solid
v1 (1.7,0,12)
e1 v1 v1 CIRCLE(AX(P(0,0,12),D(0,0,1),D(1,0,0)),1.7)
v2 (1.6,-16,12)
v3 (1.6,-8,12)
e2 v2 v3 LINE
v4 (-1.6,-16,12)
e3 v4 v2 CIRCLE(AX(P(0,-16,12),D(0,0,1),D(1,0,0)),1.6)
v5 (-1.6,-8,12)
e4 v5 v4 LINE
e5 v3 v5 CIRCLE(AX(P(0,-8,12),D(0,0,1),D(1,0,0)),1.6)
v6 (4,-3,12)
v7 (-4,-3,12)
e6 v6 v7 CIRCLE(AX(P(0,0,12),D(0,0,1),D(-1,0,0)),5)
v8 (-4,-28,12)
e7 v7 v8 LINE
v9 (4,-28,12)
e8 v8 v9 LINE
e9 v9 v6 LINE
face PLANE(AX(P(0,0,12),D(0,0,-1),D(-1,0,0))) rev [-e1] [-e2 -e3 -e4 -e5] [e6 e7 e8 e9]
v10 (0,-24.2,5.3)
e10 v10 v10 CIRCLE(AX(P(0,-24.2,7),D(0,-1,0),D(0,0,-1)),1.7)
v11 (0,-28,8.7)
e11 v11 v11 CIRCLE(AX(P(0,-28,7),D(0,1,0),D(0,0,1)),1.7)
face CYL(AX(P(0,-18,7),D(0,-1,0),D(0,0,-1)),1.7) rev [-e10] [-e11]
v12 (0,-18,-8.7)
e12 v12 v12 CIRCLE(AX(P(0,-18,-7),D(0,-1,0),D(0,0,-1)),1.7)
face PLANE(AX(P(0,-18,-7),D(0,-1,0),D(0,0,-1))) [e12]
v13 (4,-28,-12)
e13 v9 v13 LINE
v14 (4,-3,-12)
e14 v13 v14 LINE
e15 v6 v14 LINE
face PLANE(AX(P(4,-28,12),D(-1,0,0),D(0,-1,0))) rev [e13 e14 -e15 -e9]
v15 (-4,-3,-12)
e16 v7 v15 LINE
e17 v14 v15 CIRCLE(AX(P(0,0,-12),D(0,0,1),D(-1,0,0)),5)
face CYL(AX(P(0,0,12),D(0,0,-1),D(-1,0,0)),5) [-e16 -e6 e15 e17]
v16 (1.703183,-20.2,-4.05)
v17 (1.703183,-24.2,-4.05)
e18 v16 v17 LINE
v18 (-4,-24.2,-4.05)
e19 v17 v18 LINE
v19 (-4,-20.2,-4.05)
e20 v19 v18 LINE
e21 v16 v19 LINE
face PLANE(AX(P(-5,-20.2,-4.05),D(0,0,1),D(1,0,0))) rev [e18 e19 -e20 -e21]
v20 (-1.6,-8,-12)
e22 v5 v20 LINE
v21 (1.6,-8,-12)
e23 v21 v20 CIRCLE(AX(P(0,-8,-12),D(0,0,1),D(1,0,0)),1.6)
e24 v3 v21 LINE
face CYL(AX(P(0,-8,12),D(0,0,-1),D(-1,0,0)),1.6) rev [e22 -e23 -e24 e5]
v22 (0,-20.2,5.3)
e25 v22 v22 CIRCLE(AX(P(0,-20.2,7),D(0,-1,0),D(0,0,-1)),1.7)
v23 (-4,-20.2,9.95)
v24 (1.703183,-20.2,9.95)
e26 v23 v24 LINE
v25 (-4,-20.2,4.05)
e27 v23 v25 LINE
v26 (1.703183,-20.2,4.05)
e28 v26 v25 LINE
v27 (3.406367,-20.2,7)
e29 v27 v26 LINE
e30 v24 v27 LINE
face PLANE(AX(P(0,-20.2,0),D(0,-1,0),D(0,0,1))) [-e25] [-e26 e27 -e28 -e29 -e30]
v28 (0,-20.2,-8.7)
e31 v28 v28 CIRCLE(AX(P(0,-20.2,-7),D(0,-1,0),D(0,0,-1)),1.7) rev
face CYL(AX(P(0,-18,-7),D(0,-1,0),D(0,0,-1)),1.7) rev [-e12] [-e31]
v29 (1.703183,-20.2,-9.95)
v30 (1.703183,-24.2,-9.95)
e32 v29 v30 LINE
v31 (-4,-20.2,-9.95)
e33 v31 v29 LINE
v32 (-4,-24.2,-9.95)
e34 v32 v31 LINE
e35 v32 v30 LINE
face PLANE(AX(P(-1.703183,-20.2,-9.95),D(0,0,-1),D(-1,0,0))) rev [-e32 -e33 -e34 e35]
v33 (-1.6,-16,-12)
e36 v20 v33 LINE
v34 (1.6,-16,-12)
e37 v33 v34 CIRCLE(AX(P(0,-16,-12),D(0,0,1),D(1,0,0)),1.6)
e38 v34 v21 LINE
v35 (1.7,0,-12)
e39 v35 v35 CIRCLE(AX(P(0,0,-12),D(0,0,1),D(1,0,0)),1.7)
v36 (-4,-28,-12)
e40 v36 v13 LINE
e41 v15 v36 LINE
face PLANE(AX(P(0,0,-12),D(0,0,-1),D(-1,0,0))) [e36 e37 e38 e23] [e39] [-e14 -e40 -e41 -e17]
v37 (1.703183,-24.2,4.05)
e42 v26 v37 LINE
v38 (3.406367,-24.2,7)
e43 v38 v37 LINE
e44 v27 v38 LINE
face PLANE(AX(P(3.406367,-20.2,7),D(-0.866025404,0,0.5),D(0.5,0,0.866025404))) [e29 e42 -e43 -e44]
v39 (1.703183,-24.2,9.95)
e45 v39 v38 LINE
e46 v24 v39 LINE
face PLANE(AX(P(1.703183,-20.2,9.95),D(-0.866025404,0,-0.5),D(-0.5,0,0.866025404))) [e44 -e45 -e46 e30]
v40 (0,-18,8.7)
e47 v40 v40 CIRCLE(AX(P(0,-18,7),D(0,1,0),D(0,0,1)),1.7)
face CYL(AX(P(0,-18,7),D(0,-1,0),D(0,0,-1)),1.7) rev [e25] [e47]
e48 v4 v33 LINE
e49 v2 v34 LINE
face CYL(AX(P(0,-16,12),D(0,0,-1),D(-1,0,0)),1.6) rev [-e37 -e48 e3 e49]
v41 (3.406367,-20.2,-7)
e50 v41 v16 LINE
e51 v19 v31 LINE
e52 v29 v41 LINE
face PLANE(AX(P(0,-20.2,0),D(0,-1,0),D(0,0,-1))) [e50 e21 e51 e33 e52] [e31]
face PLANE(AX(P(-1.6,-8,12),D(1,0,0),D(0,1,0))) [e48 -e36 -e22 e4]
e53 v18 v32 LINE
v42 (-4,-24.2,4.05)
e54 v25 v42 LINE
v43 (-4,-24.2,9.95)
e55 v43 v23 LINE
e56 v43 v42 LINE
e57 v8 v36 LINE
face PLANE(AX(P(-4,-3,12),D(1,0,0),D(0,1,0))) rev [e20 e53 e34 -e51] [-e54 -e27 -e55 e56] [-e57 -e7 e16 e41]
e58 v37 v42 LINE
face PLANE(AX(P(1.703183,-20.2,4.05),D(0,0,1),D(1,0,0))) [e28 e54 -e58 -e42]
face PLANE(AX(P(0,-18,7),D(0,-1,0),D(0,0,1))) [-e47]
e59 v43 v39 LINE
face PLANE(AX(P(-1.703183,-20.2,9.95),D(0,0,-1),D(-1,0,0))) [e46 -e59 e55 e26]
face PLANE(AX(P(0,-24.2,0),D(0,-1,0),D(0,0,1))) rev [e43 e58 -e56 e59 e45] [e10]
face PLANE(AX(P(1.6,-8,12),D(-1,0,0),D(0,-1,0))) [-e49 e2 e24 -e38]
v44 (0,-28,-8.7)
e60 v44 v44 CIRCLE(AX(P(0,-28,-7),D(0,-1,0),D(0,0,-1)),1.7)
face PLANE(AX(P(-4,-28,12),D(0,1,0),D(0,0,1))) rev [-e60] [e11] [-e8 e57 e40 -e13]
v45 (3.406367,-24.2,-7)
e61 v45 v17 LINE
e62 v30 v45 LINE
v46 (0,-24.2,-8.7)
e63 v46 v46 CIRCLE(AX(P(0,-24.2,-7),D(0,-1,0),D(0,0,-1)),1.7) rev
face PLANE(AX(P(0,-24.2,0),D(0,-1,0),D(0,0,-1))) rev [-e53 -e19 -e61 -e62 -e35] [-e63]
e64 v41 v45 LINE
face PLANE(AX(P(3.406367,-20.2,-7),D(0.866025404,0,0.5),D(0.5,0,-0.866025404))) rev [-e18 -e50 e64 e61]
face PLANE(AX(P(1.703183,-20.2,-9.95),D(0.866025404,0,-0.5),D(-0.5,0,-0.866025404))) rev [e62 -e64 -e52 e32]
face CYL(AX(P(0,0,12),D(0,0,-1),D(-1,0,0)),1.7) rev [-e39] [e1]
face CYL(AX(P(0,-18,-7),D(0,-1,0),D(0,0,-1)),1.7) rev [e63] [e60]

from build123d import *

# Parameters (mm, degrees)
CROQUIS1_R              = 1.7
SALIENTE_EXTRUIR1_DEPTH = 12
CROQUIS2_R              = 1.7
TORNILLO_DEPTH          = 10
TUERCA_DEPTH            = 4


with BuildPart() as part:
    # Croquis1 → Saliente-Extruir1 (new body, symmetric)
    with BuildSketch(Plane.XY):
        with BuildLine():
            Line((-4, -3), (-4, -28))
            Line((-4, -28), (4, -28))
            Line((4, -28), (4, -3))
            ThreePointArc((4, -3), (0, 5), (-4, -3))
        make_face()
        Circle(CROQUIS1_R, mode=Mode.SUBTRACT)
        with BuildLine():
            Line((1.6, -8), (1.6, -16))
            ThreePointArc((1.6, -16), (0, -17.6), (-1.6, -16))
            Line((-1.6, -16), (-1.6, -8))
            ThreePointArc((-1.6, -8), (0, -6.4), (1.6, -8))
        make_face(mode=Mode.SUBTRACT)
    extrude(amount=SALIENTE_EXTRUIR1_DEPTH, both=True)

    # Croquis2 → TORNILLO (cut)
    with BuildSketch(Plane.XZ.offset(28)):
        with Locations((0, -7)):
            Circle(CROQUIS2_R)
    tornillo = extrude(amount=-TORNILLO_DEPTH, mode=Mode.SUBTRACT)

    # Croquis3 → TUERCA (cut)
    with BuildSketch(Plane(origin=(0, -24.2, 0), x_dir=(-1, 0, 0), z_dir=(0, -1, 0))):
        Polygon((1.703183294, 9.95), (5, 9.95), (5, 4.05), (1.703183294, 4.05), (-1.703183294, 4.05), (-3.406366588, 7), (-1.703183294, 9.95), align=None)
    tuerca = extrude(amount=-TUERCA_DEPTH, mode=Mode.SUBTRACT)

    # Simetría1: TORNILLO, TUERCA across plane
    add(tornillo.mirror(Plane.XY), mode=Mode.SUBTRACT)
    add(tuerca.mirror(Plane.XY), mode=Mode.SUBTRACT)


solid = part.part
